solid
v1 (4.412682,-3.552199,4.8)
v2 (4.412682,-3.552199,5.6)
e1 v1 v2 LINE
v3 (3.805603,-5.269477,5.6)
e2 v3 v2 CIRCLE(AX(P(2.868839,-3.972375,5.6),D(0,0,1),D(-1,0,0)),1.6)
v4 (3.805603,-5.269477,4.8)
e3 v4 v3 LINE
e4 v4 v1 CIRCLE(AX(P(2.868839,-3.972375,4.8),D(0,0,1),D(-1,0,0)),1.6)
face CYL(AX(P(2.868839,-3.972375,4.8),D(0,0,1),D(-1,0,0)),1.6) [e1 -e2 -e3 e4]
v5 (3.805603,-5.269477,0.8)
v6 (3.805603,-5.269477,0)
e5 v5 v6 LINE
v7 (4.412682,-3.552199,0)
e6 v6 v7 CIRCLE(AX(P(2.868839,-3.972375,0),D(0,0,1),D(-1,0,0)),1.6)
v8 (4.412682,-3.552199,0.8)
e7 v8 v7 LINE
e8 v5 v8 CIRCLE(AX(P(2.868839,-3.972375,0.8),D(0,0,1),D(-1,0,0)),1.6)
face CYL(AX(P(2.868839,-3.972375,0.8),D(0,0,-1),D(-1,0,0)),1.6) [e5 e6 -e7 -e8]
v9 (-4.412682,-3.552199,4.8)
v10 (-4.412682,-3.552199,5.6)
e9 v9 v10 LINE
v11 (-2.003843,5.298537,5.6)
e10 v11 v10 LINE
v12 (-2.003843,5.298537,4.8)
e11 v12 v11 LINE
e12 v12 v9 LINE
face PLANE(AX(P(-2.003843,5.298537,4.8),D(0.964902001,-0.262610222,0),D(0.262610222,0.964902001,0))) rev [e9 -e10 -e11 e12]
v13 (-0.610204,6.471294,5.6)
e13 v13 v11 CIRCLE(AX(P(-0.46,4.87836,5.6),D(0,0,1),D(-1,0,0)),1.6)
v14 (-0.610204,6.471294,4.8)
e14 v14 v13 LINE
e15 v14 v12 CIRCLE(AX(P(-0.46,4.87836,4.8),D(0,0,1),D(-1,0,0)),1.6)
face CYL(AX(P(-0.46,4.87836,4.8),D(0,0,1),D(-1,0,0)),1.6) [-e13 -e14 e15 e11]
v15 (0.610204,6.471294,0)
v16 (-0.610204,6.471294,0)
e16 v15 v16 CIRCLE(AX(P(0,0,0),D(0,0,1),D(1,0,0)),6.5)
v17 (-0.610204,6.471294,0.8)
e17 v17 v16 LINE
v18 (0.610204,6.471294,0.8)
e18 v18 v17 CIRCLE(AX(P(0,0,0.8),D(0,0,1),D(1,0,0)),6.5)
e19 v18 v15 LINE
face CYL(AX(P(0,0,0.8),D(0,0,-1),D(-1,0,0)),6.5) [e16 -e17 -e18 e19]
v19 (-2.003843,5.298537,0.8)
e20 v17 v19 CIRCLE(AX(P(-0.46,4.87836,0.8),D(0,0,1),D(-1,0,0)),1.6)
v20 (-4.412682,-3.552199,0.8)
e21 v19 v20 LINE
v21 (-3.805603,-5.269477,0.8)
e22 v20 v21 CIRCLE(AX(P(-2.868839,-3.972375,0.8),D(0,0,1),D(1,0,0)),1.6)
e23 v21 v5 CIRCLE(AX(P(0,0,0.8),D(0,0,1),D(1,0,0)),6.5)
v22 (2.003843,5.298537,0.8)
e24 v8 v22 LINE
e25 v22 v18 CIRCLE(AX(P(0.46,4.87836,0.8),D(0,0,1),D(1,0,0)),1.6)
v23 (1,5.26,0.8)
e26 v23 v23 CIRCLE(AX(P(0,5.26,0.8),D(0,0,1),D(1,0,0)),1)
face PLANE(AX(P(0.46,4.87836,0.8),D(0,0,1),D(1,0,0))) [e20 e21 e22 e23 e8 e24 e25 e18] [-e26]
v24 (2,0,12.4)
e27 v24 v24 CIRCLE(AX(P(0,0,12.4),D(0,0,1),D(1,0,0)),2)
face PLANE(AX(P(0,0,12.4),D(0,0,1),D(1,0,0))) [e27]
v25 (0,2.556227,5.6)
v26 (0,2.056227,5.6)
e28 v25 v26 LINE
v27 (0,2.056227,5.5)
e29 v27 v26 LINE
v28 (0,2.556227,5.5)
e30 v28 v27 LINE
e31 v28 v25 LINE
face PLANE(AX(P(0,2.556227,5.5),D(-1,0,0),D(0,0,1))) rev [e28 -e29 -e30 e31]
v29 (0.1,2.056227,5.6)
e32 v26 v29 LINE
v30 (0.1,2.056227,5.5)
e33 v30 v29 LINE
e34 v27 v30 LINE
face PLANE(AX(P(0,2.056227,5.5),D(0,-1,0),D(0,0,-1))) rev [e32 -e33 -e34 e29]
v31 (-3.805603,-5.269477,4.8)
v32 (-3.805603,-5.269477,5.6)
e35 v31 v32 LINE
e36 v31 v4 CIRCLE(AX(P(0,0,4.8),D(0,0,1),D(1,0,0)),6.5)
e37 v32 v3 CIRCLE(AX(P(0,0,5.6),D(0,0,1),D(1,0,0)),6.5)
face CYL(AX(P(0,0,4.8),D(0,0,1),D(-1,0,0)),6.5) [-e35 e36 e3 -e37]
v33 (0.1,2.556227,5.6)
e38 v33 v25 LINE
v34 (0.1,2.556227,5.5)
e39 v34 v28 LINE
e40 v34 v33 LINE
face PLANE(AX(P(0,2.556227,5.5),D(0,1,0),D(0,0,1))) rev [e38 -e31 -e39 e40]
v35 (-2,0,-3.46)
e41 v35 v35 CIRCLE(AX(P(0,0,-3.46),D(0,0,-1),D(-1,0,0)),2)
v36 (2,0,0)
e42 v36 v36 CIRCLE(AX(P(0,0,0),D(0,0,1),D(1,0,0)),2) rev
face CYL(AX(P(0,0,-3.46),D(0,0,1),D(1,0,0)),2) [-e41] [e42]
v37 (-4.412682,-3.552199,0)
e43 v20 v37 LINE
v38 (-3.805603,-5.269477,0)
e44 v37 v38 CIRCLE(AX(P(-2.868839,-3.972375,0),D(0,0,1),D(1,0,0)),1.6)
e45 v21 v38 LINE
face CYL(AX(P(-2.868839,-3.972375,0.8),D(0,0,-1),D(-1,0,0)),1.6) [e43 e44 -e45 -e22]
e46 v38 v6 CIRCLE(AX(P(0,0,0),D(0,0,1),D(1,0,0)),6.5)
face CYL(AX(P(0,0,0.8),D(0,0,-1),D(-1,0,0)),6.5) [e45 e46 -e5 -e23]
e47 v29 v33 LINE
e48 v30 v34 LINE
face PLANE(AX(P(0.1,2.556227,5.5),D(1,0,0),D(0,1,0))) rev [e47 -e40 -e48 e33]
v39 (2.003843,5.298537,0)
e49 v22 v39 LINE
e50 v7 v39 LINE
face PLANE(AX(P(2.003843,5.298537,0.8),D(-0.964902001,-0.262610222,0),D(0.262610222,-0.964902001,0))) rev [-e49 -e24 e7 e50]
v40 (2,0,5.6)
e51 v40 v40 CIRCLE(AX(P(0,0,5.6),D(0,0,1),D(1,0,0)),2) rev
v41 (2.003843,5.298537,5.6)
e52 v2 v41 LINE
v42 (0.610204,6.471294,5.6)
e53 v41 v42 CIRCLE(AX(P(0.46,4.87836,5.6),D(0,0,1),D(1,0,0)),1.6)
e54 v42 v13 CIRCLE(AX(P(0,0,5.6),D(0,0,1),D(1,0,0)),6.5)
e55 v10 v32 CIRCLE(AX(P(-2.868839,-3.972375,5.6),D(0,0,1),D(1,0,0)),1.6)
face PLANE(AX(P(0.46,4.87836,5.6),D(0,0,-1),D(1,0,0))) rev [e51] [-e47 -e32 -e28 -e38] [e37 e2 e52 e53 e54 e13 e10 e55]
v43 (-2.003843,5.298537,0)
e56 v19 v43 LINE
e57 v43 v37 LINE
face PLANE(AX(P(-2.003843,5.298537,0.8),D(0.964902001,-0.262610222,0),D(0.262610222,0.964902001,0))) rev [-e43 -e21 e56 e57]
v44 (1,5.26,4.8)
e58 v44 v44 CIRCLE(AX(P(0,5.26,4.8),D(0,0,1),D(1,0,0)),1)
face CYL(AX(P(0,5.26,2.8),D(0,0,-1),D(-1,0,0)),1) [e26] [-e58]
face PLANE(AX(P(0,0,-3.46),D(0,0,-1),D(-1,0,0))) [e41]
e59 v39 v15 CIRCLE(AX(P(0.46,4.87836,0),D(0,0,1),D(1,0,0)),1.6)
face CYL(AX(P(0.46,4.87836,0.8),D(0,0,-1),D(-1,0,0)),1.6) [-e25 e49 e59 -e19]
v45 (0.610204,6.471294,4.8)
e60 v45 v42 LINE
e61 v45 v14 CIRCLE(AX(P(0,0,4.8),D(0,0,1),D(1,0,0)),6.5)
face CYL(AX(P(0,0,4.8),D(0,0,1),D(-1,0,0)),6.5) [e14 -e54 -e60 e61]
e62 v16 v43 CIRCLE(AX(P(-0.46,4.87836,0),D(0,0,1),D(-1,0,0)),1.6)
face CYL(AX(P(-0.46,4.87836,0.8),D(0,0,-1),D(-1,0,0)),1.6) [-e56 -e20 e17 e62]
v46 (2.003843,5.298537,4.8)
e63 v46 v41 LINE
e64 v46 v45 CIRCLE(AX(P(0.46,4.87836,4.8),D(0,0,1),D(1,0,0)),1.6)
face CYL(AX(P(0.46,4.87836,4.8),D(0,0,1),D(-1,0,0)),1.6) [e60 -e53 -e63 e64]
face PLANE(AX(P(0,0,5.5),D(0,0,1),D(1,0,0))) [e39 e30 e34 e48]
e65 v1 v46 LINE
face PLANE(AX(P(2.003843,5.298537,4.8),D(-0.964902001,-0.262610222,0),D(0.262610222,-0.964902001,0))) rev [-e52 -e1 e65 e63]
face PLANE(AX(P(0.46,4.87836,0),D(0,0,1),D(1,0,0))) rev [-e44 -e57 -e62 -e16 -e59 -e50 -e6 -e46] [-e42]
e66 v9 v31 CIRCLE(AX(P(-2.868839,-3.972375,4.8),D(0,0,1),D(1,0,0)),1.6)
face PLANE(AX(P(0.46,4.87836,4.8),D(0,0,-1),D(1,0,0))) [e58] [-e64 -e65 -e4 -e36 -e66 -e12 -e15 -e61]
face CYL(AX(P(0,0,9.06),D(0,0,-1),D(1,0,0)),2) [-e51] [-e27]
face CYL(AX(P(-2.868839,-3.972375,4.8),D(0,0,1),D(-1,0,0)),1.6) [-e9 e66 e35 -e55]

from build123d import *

# Parameters (mm, degrees)
BOSS_EXTRUDE1_DEPTH = 0.8
SKETCH3_R           = 1
BOSS_EXTRUDE2_DEPTH = 2
SKETCH4_R           = 2
BOSS_EXTRUDE3_DEPTH = 3.46
SKETCH5_R           = 2
BOSS_EXTRUDE4_DEPTH = 3.34
SKETCH6_W           = 0.1
SKETCH6_H           = 0.5
CUT_EXTRUDE1_DEPTH  = 0.1


with BuildPart() as part:
    # Sketch1 → Boss-Extrude1 (new body)
    with BuildSketch(Plane.XY):
        with BuildLine():
            Line((-2.003843202, 5.298536735), (-4.412682198, -3.552198604))
            ThreePointArc((-4.412682198, -3.552198604), (-4.377352827, -4.505653519), (-3.805602751, -5.269476986))
            ThreePointArc((-3.805602751, -5.269476986), (0, -6.5), (3.805602751, -5.269476986))
            ThreePointArc((3.805602751, -5.269476986), (4.377352827, -4.505653519), (4.412682198, -3.552198604))
            Line((4.412682198, -3.552198604), (2.003843202, 5.298536735))
            ThreePointArc((2.003843202, 5.298536735), (1.490188902, 6.102578835), (0.610204082, 6.471294382))
            ThreePointArc((0.610204082, 6.471294382), (0, 6.5), (-0.610204082, 6.471294382))
            ThreePointArc((-0.610204082, 6.471294382), (-1.490188902, 6.102578835), (-2.003843202, 5.298536735))
        make_face()
    extrude(amount=BOSS_EXTRUDE1_DEPTH)

    # Sketch3 → Boss-Extrude2 (add)
    with BuildSketch(Plane.XY.offset(0.8)):
        with Locations((0, 5.26)):
            Circle(SKETCH3_R)
    extrude(amount=BOSS_EXTRUDE2_DEPTH)

    # Sketch4 → Boss-Extrude3 (add)
    with BuildSketch(Plane(origin=(0, 0, 0), x_dir=(-1, 0, 0), z_dir=(0, 0, -1))):
        with Locations(Location((0, 0, 0), (0, 0, 180))):
            Circle(SKETCH4_R)
    extrude(amount=BOSS_EXTRUDE3_DEPTH)

    # Mirror1: part across plane


with BuildPart() as part_1:
    add(part.part)
    add(part.part.mirror(Plane(origin=(0, 5.26, 2.8), x_dir=(1, 0, 0), z_dir=(0, 0, 1))))

    # Sketch5 → Boss-Extrude4 (add)
    with BuildSketch(Plane.XY.offset(9.06)):
        Circle(SKETCH5_R)
    extrude(amount=BOSS_EXTRUDE4_DEPTH)

    # Sketch6 → Cut-Extrude1 (cut)
    with BuildSketch(Plane.XY.offset(5.6)):
        with Locations((0.05, 2.306226831)):
            Rectangle(SKETCH6_W, SKETCH6_H)
    extrude(amount=-CUT_EXTRUDE1_DEPTH, mode=Mode.SUBTRACT)


solid = part_1.part
